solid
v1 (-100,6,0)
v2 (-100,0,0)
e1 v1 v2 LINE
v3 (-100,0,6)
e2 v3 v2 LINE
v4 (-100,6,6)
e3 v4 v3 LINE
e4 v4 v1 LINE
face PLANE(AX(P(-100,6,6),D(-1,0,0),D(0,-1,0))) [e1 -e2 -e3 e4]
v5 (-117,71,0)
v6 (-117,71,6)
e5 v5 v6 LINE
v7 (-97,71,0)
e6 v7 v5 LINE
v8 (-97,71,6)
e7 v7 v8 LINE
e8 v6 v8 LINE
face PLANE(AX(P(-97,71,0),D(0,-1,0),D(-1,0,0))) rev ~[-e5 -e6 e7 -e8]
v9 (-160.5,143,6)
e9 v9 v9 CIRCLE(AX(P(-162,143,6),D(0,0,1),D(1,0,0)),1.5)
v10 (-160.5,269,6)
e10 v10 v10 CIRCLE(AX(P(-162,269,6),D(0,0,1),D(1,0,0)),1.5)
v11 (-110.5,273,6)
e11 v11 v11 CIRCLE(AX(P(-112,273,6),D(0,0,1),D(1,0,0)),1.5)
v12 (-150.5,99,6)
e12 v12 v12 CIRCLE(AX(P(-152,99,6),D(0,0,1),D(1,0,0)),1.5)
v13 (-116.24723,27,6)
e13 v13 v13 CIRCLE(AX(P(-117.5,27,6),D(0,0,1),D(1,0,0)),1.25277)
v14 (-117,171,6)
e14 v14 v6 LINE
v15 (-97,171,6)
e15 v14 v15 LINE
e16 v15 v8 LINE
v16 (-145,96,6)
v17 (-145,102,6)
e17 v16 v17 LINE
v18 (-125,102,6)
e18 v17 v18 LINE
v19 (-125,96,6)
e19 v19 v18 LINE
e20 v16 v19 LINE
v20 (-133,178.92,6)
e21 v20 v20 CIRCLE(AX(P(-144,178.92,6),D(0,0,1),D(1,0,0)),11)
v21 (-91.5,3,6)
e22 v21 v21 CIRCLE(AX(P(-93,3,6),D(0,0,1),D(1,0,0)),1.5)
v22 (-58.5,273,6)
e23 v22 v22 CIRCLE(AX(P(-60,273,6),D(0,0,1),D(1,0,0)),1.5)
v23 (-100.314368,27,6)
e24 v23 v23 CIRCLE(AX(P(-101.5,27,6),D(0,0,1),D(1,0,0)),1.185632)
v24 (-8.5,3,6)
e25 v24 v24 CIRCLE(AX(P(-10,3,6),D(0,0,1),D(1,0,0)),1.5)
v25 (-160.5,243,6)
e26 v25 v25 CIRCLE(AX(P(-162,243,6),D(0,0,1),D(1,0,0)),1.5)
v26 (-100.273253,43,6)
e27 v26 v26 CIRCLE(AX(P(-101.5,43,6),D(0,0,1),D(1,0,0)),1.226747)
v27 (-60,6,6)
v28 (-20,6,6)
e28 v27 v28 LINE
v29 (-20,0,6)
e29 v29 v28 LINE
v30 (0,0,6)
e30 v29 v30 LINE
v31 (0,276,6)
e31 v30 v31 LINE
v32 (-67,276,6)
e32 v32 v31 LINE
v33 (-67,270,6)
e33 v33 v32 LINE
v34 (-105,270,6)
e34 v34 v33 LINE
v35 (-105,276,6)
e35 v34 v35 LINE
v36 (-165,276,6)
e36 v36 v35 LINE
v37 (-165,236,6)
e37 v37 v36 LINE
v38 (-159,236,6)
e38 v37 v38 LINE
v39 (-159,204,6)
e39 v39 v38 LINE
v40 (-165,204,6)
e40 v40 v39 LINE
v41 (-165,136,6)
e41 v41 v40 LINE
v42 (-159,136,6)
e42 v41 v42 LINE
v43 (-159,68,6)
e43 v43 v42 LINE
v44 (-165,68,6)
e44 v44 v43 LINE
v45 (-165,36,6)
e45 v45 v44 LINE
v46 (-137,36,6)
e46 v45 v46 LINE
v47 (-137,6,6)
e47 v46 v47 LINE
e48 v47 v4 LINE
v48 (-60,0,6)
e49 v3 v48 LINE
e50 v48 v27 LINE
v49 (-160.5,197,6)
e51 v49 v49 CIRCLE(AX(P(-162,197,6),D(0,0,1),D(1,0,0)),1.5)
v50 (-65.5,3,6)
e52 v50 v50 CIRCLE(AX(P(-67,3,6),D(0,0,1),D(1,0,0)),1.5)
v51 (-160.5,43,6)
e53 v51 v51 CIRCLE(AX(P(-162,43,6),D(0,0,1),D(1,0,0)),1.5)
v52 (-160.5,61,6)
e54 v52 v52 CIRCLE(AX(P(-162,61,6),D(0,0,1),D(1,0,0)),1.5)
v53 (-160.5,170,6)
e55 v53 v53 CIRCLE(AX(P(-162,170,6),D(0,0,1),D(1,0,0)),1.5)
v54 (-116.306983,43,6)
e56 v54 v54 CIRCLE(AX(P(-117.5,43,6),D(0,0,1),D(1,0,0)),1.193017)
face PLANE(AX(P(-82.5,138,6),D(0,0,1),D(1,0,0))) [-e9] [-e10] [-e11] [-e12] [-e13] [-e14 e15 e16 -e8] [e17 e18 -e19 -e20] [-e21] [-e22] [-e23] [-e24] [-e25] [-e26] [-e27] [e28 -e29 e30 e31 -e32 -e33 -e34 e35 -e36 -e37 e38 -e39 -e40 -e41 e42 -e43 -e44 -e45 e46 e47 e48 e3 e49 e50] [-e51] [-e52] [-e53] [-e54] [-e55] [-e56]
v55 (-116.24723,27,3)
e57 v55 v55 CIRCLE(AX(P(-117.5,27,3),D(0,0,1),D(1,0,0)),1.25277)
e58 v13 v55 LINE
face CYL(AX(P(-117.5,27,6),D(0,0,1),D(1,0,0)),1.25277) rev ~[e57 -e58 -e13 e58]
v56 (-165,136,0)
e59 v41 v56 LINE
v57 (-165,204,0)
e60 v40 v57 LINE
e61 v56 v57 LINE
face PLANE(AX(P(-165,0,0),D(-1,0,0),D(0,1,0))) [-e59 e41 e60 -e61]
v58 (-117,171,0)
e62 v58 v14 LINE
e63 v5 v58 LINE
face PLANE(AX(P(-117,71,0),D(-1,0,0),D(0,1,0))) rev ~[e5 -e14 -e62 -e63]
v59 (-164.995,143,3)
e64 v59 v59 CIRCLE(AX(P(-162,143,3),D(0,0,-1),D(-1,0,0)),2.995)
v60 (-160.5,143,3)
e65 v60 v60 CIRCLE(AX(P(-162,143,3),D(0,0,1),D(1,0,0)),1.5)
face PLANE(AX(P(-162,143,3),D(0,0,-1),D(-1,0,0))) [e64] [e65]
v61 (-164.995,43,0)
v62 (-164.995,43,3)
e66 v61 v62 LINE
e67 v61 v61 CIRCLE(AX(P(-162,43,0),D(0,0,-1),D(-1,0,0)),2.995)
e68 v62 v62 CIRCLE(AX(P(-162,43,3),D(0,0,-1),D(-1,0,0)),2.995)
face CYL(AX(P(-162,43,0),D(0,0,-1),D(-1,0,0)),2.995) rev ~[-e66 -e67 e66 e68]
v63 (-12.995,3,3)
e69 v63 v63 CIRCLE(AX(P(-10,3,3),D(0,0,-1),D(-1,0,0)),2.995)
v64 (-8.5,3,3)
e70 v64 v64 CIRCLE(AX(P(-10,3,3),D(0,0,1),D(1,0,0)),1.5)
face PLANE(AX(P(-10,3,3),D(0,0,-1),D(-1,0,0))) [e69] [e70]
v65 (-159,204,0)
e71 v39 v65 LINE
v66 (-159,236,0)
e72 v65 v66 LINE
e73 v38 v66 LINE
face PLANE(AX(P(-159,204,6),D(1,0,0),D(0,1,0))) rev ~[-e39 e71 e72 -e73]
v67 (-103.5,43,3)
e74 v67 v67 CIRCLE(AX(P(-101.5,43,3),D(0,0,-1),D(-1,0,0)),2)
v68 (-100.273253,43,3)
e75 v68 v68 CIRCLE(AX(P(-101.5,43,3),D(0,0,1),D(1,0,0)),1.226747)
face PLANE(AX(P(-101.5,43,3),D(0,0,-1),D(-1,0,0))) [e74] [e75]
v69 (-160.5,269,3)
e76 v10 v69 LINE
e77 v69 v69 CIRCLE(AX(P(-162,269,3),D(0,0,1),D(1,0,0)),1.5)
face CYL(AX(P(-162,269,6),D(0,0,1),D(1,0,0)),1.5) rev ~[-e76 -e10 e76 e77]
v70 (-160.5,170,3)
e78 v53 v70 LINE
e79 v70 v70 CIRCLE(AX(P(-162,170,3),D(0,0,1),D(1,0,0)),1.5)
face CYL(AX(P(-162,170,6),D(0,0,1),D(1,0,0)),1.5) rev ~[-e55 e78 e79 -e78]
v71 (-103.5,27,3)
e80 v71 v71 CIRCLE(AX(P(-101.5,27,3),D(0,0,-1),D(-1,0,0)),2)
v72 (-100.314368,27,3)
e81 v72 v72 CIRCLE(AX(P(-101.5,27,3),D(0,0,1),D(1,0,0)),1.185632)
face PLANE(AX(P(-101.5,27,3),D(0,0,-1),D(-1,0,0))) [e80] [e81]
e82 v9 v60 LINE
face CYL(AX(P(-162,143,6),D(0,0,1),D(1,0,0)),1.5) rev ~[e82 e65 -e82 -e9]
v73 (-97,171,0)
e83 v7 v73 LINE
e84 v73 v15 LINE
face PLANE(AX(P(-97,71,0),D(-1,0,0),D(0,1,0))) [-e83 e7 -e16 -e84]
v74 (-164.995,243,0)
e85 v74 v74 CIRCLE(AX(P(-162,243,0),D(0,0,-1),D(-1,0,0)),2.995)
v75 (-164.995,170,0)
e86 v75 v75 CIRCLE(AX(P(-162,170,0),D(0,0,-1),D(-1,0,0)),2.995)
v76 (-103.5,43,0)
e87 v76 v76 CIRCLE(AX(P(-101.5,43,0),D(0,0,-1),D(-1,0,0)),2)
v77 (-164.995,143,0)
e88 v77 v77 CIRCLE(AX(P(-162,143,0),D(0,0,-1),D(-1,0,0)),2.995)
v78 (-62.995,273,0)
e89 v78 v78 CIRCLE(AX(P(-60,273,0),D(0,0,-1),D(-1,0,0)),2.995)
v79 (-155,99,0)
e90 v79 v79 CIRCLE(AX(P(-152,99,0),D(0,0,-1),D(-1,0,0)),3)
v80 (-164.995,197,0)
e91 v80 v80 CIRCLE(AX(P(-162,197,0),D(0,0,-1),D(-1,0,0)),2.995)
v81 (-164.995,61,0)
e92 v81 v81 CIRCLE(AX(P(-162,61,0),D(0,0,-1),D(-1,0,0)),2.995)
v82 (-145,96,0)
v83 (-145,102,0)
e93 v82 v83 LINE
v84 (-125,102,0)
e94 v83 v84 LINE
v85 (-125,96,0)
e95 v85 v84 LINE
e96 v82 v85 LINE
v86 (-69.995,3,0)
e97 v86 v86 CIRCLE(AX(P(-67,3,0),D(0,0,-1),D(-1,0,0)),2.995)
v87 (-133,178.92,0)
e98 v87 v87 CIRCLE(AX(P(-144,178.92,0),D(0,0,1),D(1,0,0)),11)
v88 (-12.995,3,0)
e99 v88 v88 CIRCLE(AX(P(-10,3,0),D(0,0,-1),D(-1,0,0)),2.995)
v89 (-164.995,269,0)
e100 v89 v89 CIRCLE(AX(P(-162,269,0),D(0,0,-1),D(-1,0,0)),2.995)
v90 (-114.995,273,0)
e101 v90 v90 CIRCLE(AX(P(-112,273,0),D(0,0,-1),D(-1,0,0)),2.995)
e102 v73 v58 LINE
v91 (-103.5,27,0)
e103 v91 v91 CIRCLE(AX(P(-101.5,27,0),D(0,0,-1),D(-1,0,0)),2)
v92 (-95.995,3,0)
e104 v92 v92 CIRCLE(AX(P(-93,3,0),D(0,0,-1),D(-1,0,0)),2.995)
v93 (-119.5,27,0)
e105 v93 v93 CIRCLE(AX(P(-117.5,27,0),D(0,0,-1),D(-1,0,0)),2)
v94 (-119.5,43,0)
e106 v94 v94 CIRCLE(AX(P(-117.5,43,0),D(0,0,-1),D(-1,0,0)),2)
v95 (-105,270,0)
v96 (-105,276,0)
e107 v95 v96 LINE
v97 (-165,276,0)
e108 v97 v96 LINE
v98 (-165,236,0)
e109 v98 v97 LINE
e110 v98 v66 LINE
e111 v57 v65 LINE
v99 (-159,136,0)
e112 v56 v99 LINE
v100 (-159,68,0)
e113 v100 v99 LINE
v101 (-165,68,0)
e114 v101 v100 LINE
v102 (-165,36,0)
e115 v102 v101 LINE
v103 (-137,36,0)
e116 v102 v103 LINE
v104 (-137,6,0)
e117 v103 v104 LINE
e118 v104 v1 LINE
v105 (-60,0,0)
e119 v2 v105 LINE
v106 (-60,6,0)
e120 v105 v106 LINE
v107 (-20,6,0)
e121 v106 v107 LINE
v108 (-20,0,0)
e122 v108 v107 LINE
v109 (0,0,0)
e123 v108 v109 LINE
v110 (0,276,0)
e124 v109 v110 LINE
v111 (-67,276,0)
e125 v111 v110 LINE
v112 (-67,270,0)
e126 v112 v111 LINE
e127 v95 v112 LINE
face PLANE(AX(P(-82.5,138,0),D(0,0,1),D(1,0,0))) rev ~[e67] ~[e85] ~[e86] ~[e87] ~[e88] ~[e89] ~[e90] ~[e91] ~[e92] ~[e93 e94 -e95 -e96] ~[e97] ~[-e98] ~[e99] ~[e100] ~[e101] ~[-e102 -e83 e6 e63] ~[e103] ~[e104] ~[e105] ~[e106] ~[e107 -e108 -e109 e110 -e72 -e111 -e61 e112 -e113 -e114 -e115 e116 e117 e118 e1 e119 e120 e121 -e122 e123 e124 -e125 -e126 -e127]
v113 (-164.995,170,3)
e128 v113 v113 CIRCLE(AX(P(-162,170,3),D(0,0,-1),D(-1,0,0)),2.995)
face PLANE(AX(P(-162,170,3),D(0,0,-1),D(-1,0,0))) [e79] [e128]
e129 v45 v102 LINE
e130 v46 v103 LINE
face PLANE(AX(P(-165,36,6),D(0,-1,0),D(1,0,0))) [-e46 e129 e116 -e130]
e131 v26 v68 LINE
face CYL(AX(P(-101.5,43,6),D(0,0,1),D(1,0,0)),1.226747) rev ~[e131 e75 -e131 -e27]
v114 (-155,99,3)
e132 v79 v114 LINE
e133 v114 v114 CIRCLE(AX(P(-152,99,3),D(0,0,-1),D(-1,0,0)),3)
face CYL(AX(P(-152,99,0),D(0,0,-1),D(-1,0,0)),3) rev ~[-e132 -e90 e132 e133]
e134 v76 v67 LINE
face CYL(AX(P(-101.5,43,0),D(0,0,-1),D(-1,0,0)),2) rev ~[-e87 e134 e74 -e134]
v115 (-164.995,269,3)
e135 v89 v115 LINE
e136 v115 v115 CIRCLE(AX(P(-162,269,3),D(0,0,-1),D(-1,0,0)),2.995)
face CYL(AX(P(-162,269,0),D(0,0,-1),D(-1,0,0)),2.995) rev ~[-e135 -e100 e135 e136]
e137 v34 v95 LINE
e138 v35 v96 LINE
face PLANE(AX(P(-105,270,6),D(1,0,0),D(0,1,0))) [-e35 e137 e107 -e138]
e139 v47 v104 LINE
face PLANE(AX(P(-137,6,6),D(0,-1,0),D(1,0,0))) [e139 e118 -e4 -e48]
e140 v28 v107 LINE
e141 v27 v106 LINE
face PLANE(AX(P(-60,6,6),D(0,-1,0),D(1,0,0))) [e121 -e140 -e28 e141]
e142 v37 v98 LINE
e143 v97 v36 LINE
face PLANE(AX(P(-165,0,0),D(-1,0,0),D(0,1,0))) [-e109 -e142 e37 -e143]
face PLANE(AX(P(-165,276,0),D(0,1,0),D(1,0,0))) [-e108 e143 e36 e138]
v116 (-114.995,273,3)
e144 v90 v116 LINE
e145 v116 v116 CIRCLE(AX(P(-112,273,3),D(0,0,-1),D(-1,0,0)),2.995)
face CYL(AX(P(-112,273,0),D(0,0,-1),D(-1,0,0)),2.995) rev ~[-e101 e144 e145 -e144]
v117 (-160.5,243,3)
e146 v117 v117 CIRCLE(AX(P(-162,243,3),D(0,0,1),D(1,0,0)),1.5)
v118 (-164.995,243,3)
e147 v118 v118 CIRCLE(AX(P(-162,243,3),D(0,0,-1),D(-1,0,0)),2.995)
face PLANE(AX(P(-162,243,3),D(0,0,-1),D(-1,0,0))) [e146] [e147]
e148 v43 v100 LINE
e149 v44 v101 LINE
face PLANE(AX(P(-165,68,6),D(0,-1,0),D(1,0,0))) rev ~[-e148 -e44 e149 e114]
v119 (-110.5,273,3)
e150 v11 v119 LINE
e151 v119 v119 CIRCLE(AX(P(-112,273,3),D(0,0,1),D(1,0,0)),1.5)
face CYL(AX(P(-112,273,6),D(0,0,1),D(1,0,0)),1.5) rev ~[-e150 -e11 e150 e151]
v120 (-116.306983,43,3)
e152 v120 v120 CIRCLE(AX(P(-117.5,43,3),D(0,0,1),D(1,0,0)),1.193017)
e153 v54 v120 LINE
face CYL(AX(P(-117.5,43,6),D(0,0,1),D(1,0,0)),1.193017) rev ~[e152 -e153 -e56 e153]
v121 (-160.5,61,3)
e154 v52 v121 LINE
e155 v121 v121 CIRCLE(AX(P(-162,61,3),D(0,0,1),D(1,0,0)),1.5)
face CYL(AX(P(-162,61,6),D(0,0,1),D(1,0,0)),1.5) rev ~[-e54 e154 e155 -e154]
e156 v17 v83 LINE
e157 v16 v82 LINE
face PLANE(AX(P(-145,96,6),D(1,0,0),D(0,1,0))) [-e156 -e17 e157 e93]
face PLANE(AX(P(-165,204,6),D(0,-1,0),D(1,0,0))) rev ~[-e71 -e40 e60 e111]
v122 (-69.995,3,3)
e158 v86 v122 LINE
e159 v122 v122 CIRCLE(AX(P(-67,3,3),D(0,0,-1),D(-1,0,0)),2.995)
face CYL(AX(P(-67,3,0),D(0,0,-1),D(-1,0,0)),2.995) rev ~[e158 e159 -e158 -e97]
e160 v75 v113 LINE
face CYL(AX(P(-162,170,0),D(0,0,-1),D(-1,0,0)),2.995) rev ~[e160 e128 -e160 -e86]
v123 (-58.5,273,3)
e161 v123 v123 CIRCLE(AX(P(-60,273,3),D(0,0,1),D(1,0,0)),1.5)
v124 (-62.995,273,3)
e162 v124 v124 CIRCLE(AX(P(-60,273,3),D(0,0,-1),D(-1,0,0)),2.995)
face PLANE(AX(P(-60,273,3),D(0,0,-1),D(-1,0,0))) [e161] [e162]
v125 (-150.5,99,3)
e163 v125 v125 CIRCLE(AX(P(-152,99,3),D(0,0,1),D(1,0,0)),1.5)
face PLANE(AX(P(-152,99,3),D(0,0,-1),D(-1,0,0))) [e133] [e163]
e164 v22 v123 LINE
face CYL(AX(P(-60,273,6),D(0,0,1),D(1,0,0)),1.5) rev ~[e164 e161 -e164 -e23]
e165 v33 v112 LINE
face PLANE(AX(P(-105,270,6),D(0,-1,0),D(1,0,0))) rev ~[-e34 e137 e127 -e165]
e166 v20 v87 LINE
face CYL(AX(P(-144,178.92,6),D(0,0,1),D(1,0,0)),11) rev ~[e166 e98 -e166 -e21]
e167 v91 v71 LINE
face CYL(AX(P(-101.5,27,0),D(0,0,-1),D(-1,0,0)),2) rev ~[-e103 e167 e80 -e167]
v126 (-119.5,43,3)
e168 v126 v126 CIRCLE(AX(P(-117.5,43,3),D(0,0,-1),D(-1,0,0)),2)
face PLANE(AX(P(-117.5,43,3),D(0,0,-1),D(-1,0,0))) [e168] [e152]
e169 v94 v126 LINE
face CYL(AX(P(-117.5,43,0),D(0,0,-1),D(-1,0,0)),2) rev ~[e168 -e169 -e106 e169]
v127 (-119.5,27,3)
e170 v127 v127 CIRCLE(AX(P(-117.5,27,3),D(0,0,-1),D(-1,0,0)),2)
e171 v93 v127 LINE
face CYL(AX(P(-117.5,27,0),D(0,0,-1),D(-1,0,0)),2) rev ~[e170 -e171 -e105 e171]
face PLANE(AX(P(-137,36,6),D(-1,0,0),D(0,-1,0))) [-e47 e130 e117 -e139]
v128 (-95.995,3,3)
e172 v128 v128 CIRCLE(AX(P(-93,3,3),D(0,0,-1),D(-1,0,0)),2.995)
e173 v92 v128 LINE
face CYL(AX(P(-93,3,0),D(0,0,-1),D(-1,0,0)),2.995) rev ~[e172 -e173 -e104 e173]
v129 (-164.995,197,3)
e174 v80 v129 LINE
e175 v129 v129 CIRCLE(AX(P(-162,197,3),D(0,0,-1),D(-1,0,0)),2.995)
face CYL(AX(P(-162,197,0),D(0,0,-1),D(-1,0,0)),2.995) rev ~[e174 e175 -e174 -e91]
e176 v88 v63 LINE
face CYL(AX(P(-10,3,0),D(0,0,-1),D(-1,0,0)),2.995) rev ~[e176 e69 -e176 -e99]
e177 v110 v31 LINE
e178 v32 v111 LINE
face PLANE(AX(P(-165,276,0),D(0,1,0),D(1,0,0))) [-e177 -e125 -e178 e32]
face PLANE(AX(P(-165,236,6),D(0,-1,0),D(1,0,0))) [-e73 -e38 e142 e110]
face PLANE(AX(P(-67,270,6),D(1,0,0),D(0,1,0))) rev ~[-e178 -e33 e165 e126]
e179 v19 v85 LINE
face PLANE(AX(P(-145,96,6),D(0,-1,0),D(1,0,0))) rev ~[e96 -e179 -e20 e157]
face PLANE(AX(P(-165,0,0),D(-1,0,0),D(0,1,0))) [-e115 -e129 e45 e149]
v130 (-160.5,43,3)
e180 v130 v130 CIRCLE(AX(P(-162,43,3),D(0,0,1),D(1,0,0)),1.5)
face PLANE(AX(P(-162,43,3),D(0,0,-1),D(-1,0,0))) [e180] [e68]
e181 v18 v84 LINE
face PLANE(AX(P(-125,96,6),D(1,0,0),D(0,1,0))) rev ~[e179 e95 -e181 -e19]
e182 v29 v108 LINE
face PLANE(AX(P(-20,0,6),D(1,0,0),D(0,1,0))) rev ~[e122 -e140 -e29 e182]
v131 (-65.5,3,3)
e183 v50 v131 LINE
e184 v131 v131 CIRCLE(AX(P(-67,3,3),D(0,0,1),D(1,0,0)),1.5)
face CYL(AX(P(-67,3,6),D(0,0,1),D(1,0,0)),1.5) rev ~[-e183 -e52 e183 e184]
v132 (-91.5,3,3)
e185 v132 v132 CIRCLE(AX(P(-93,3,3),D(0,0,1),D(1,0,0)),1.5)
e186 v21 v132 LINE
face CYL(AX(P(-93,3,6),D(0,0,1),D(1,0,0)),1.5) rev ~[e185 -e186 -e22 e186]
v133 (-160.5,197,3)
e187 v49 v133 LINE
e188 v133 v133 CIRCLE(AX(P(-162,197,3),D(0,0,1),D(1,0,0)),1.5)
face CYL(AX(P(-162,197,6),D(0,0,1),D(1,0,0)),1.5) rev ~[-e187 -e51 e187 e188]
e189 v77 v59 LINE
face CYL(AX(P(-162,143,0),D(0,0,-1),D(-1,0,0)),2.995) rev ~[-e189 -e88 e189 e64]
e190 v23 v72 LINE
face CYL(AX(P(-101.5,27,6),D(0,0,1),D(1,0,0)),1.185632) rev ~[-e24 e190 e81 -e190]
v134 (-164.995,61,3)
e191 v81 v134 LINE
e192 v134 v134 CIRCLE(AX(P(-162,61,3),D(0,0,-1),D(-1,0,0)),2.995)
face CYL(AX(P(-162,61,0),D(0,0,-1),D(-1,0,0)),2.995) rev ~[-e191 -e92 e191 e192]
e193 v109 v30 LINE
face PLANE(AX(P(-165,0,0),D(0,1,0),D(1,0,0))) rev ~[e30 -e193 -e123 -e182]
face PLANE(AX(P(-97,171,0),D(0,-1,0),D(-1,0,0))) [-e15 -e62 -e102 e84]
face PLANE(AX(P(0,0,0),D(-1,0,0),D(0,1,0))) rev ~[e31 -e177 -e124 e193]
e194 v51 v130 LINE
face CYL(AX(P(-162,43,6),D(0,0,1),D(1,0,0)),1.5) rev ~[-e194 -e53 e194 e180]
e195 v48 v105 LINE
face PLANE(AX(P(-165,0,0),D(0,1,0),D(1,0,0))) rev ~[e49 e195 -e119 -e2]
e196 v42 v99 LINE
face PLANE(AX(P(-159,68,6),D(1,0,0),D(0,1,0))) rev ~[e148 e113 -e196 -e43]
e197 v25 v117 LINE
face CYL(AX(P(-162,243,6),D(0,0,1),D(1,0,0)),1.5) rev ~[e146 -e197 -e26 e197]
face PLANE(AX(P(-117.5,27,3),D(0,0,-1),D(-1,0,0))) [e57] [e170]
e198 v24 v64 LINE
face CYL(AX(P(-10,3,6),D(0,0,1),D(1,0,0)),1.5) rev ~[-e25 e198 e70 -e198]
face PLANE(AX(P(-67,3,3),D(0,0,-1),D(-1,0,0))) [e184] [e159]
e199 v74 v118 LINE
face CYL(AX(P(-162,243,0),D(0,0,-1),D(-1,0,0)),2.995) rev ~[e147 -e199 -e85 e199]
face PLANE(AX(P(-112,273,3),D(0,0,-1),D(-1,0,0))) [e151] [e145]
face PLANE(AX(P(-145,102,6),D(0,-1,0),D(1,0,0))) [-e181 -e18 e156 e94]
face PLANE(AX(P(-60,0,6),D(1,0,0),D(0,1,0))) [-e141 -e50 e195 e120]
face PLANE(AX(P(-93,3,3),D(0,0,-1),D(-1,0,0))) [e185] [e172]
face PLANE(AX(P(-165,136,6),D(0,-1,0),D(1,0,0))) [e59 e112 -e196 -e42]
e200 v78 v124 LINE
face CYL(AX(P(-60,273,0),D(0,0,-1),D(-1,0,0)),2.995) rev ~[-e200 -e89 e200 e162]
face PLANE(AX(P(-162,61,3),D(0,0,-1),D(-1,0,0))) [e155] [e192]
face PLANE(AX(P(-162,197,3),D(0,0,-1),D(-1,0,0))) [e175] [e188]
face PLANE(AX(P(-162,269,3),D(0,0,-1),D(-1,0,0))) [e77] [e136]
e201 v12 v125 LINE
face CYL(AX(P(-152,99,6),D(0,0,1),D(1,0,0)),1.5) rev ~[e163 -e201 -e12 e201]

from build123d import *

# Parameters (mm, degrees)
ESQUISSE1_W             = 165
ESQUISSE1_H             = 276
BOSS_EXTRU_1_DEPTH      = 6
ESQUISSE2_W             = 38
ESQUISSE2_H             = 6
ESQUISSE2_W_2           = 6
ESQUISSE2_H_2           = 32
ESQUISSE2_H_3           = 68
ESQUISSE2_W_3           = 40
EXTERIEUR_DEPTH         = 10
ESQUISSE3_R             = 11
ESQUISSE3_W             = 20
ESQUISSE3_H             = 6
ENL_V_MAT_EXTRU_2_DEPTH = 322.616230934
ESQUISSE4_R             = 1.5
ESQUISSE4_R_2           = 1.252769876
ESQUISSE4_R_3           = 1.193016672
ESQUISSE4_R_4           = 1.226747293
ESQUISSE4_R_5           = 1.185631844
ENL_V_MAT_EXTRU_3_DEPTH = 322.616230934
ESQUISSE5_R             = 2.995
ESQUISSE5_R_2           = 3
ESQUISSE5_R_3           = 2
ENL_V_MAT_EXTRU_4_DEPTH = 3
ESQUISSE6_W             = 20
ESQUISSE6_H             = 100
ENL_V_MAT_EXTRU_5_DEPTH = 322.616230934


with BuildPart() as part:
    # Esquisse1 → Boss.-Extru.1 (new body)
    with BuildSketch(Plane.XY):
        with Locations((-82.5, 138)):
            Rectangle(ESQUISSE1_W, ESQUISSE1_H)
    extrude(amount=BOSS_EXTRU_1_DEPTH)

    # Esquisse2 → exterieur (cut)
    with BuildSketch(Plane.XY.offset(6)):
        with Locations((-86, 273)):
            Rectangle(ESQUISSE2_W, ESQUISSE2_H)
        with Locations((-162, 220)):
            Rectangle(ESQUISSE2_W_2, ESQUISSE2_H_2)
        with Locations((-162, 102)):
            Rectangle(ESQUISSE2_W_2, ESQUISSE2_H_3)
        Polygon((-137, 36), (-137, 6), (-100, 6), (-100, 0), (-165, 0), (-165, 36), align=None)
        with Locations((-40, 3)):
            Rectangle(ESQUISSE2_W_3, ESQUISSE2_H)
    extrude(amount=-EXTERIEUR_DEPTH, mode=Mode.SUBTRACT)

    # Esquisse3 → Enlèv. mat.-Extru.2 (cut, through all)
    with BuildSketch(Plane.XY.offset(6)):
        with Locations((-144, 178.92)):
            Circle(ESQUISSE3_R)
        with Locations((-135, 99)):
            Rectangle(ESQUISSE3_W, ESQUISSE3_H)
    extrude(amount=-ENL_V_MAT_EXTRU_2_DEPTH, mode=Mode.SUBTRACT)

    # Esquisse4 → Enlèv. mat.-Extru.3 (cut, through all)
    with BuildSketch(Plane.XY.offset(6)):
        with Locations((-60, 273)):
            Circle(ESQUISSE4_R)
        with Locations((-112, 273)):
            Circle(ESQUISSE4_R)
        with Locations((-162, 197)):
            Circle(ESQUISSE4_R)
        with Locations((-162, 170)):
            Circle(ESQUISSE4_R)
        with Locations((-162, 143)):
            Circle(ESQUISSE4_R)
        with Locations((-162, 61)):
            Circle(ESQUISSE4_R)
        with Locations((-162, 43)):
            Circle(ESQUISSE4_R)
        with Locations((-93, 3)):
            Circle(ESQUISSE4_R)
        with Locations((-67, 3)):
            Circle(ESQUISSE4_R)
        with Locations((-10, 3)):
            Circle(ESQUISSE4_R)
        with Locations((-162, 269)):
            Circle(ESQUISSE4_R)
        with Locations((-162, 243)):
            Circle(ESQUISSE4_R)
        with Locations((-117.5, 27)):
            Circle(ESQUISSE4_R_2)
        with Locations((-117.5, 43)):
            Circle(ESQUISSE4_R_3)
        with Locations((-101.5, 43)):
            Circle(ESQUISSE4_R_4)
        with Locations((-101.5, 27)):
            Circle(ESQUISSE4_R_5)
        with Locations((-152, 99)):
            Circle(ESQUISSE4_R)
    extrude(amount=-ENL_V_MAT_EXTRU_3_DEPTH, mode=Mode.SUBTRACT)

    # Esquisse5 → Enlèv. mat.-Extru.4 (cut)
    with BuildSketch(Plane(origin=(0, 0, 0), x_dir=(-1, 0, 0), z_dir=(0, 0, -1))):
        with Locations((60, 273)):
            Circle(ESQUISSE5_R)
        with Locations((112, 273)):
            Circle(ESQUISSE5_R)
        with Locations((162, 197)):
            Circle(ESQUISSE5_R)
        with Locations((162, 170)):
            Circle(ESQUISSE5_R)
        with Locations((162, 143)):
            Circle(ESQUISSE5_R)
        with Locations((162, 61)):
            Circle(ESQUISSE5_R)
        with Locations((162, 43)):
            Circle(ESQUISSE5_R)
        with Locations((93, 3)):
            Circle(ESQUISSE5_R)
        with Locations((67, 3)):
            Circle(ESQUISSE5_R)
        with Locations((10, 3)):
            Circle(ESQUISSE5_R)
        with Locations((162, 269)):
            Circle(ESQUISSE5_R)
        with Locations((162, 243)):
            Circle(ESQUISSE5_R)
        with Locations((152, 99)):
            Circle(ESQUISSE5_R_2)
        with Locations((117.5, 43)):
            Circle(ESQUISSE5_R_3)
        with Locations((117.5, 27)):
            Circle(ESQUISSE5_R_3)
        with Locations((101.5, 27)):
            Circle(ESQUISSE5_R_3)
        with Locations((101.5, 43)):
            Circle(ESQUISSE5_R_3)
    extrude(amount=-ENL_V_MAT_EXTRU_4_DEPTH, mode=Mode.SUBTRACT)

    # Esquisse6 → Enlèv. mat.-Extru.5 (cut, through all)
    with BuildSketch(Plane(origin=(0, 0, 0), x_dir=(-1, 0, 0), z_dir=(0, 0, -1))):
        with Locations((107, 121)):
            Rectangle(ESQUISSE6_W, ESQUISSE6_H)
    extrude(amount=-ENL_V_MAT_EXTRU_5_DEPTH, mode=Mode.SUBTRACT)


solid = part.part
